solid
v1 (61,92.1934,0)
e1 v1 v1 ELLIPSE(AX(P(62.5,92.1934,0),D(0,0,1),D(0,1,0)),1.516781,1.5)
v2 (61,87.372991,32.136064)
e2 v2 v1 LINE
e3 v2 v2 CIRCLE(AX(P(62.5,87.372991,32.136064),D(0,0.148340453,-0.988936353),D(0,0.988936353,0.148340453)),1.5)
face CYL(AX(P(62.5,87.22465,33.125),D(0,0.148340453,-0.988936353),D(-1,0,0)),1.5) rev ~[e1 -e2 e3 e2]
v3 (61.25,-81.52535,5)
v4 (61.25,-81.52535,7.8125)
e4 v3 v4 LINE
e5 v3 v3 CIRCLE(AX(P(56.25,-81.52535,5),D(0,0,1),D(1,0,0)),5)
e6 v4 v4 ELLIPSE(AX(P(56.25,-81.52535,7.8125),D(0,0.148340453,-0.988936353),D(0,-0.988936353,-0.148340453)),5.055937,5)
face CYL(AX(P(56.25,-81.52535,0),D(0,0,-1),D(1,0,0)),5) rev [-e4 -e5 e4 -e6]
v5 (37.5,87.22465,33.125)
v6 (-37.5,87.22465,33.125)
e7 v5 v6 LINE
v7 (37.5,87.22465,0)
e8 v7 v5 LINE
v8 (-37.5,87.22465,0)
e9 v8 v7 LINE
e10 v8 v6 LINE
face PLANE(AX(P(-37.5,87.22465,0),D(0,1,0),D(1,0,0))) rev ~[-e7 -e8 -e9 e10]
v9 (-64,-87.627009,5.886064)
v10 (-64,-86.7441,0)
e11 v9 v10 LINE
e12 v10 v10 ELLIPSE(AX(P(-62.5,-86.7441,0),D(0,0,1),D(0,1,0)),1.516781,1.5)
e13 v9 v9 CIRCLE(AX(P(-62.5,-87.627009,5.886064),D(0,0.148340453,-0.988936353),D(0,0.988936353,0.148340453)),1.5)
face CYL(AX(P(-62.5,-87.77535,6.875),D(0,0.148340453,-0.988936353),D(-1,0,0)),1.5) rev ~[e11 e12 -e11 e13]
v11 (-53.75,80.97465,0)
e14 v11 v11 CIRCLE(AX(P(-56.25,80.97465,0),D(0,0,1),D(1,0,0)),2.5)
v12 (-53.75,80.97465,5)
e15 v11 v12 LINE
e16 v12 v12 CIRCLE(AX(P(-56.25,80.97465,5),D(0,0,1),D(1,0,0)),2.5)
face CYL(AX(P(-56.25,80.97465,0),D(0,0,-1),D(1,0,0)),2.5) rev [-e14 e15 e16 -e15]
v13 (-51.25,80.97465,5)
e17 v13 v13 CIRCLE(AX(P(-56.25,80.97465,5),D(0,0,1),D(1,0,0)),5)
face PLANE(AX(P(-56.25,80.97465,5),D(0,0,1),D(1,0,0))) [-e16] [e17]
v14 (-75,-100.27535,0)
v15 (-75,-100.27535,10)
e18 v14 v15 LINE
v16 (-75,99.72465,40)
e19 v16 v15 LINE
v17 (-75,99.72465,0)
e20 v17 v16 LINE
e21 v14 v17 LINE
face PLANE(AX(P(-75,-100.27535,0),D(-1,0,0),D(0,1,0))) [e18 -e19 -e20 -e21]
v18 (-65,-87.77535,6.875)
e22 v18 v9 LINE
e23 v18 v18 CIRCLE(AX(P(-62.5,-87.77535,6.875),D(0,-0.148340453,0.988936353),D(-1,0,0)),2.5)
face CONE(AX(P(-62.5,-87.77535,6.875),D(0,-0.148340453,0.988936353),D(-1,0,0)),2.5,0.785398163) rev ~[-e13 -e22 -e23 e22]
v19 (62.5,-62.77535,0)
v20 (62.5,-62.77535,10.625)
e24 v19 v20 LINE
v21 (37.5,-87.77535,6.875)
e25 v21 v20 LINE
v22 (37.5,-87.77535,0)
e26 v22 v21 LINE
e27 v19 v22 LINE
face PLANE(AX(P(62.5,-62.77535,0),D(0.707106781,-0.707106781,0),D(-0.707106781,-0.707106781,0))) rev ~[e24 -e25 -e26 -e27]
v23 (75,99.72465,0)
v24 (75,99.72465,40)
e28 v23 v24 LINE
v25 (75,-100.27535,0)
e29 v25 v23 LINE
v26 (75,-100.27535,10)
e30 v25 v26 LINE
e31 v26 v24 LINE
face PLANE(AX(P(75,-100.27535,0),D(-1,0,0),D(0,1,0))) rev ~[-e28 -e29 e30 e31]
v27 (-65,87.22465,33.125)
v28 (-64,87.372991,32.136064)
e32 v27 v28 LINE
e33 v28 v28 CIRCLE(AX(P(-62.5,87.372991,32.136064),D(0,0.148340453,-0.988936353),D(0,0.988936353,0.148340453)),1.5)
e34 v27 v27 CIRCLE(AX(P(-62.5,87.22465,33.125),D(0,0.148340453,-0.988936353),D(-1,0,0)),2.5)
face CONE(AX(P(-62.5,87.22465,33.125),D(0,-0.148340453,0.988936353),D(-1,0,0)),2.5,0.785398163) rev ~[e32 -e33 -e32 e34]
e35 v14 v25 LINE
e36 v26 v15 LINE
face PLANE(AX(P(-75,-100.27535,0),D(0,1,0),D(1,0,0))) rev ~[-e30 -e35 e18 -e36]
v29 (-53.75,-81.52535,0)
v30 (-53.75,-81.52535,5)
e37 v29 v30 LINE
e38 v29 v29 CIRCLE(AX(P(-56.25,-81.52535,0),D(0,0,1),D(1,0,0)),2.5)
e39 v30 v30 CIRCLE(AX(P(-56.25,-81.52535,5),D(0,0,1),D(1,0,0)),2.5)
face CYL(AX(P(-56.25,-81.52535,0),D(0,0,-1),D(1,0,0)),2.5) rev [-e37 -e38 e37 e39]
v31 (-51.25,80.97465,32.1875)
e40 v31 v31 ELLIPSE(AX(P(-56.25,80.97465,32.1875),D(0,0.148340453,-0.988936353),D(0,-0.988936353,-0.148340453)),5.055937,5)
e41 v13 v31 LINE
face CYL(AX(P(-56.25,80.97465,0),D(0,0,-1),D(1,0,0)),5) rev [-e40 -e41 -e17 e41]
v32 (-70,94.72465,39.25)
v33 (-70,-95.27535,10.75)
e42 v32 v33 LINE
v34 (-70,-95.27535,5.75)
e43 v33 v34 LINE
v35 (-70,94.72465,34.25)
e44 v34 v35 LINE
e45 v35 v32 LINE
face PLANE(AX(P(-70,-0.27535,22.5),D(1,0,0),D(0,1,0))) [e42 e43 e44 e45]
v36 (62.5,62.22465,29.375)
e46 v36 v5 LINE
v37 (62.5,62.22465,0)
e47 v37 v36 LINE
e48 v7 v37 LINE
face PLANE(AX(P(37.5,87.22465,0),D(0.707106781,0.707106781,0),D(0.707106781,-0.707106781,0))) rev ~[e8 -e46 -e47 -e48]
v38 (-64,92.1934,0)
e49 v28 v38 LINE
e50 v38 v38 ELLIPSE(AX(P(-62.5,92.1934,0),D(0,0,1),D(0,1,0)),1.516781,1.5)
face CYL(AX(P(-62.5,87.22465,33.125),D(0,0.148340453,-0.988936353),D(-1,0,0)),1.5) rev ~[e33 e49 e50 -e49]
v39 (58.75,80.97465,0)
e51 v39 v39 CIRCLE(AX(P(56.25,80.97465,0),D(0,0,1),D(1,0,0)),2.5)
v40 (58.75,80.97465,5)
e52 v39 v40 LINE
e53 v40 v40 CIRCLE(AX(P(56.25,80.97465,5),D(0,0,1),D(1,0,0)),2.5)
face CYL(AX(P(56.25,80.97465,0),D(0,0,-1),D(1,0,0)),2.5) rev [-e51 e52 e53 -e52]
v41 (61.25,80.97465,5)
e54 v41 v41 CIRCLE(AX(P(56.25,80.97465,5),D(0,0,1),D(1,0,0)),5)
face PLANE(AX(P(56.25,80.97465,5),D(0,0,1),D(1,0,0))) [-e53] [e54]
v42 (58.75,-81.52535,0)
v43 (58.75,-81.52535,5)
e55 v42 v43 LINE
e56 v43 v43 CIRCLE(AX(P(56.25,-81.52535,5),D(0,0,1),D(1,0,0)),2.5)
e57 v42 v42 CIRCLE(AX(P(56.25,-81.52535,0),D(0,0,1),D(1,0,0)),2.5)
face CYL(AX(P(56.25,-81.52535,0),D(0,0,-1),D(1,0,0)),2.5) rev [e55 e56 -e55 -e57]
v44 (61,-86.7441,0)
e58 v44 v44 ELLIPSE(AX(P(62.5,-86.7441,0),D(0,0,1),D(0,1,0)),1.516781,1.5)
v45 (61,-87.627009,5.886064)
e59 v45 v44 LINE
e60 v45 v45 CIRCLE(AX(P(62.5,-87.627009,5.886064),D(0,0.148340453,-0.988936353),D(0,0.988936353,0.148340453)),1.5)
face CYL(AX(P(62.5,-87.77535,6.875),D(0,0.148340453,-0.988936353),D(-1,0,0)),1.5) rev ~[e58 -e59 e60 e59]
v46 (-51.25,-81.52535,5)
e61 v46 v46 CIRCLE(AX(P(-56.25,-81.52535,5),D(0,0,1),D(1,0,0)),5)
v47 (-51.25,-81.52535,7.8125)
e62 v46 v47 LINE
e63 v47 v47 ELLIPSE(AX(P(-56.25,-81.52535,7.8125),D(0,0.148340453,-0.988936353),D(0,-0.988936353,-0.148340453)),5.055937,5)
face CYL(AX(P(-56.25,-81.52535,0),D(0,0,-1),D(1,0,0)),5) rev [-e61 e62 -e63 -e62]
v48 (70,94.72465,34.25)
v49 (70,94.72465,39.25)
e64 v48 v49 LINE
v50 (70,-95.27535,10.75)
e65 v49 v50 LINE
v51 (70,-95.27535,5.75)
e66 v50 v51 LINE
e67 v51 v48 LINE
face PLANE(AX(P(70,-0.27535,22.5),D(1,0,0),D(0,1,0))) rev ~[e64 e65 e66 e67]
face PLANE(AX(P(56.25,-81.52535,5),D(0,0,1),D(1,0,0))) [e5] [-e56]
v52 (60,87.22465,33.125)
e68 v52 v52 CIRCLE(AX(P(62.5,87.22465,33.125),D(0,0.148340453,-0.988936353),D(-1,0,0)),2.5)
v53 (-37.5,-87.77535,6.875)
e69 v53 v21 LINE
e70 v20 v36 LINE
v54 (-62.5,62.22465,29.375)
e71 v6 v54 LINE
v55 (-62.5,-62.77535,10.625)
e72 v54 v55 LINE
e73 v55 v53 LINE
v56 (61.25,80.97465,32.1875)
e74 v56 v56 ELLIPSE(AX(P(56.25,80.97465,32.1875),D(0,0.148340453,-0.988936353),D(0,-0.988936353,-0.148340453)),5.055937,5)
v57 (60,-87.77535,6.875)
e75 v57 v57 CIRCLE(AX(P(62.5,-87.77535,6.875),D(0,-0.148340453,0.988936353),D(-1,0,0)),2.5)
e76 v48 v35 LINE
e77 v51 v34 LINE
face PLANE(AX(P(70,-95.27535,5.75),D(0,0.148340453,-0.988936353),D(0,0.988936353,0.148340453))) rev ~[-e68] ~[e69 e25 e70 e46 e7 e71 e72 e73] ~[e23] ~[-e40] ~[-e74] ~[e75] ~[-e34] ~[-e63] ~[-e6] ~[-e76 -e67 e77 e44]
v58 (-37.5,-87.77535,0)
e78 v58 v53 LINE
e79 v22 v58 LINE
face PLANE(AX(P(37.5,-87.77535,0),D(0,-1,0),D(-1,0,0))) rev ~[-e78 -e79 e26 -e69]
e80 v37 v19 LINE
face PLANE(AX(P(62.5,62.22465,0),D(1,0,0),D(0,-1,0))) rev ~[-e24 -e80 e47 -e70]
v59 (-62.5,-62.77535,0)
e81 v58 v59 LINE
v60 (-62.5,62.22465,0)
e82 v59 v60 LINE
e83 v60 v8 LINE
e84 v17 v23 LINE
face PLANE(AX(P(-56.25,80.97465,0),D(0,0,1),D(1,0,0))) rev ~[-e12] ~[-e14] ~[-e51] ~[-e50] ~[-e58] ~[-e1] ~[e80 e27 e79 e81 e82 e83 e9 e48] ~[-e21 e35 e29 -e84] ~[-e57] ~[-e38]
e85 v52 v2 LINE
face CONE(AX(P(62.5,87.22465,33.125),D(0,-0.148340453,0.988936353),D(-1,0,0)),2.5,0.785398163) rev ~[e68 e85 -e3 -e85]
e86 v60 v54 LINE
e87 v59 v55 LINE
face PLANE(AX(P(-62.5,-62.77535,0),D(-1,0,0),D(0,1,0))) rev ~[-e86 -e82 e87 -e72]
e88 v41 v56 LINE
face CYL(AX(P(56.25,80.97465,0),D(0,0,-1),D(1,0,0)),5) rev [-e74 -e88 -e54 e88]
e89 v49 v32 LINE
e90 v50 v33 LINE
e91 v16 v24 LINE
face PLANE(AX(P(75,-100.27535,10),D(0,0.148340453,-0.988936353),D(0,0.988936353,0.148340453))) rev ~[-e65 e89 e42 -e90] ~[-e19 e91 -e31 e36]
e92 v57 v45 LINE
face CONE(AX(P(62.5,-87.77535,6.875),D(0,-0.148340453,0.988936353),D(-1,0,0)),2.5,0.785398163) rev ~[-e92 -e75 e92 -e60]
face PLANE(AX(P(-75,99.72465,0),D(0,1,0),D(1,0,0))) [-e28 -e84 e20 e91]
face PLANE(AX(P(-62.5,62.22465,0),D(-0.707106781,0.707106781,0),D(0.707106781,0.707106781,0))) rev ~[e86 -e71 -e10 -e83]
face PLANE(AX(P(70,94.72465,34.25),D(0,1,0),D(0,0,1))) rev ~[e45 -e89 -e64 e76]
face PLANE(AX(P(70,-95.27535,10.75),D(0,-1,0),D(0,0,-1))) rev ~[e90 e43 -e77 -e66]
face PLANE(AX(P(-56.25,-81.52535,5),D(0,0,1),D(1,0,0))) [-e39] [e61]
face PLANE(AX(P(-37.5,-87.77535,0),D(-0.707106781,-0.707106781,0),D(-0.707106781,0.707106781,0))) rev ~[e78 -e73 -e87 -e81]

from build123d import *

# Parameters (mm, degrees)
F0_W           = 150
F0_H           = 200
F0_W_2         = 137.5
F0_H_2         = 187.5
F0_R           = 5
F1_DEPTH       = 40
F3_DEPTH       = 155
F5_START       = -5
F5_DEPTH       = 140
F0_R_2         = 2.5
F6_DEPTH       = 5
F8_D           = 3
F8_CSINK_D     = 5
F8_CSINK_ANGLE = 90


with BuildPart() as f1:
    # F0 (on Top) → F1 (new body)
    with BuildSketch(Plane.XY):
        with Locations((2.626e-07, -0.2753496519)):
            Rectangle(F0_W, F0_H)
        with Locations((2.626e-07, -0.2753496519)):
            Rectangle(F0_W_2, F0_H_2, mode=Mode.SUBTRACT)
        with Locations((2.626e-07, -0.2753496519)):
            Rectangle(F0_W_2, F0_H_2)
        Polygon((-62.4999997374, 62.2246503481), (-62.4999997374, 87.2246503481), (-37.4999997374, 87.2246503481), (37.5000002626, 87.2246503481), (62.5000002626, 87.2246503481), (62.5000002626, 62.2246503481), (62.5000002626, -62.7753496519), (62.5000002626, -87.7753496519), (37.5000002626, -87.7753496519), (-37.4999997374, -87.7753496519), (-62.4999997374, -87.7753496519), (-62.4999997374, -62.7753496519), align=None, mode=Mode.SUBTRACT)
        Polygon((62.5000002626, 87.2246503481), (37.5000002626, 87.2246503481), (62.5000002626, 62.2246503481), align=None)
        with Locations((56.2500002626, 80.9746503481)):
            Circle(F0_R, mode=Mode.SUBTRACT)
        Polygon((-37.4999997374, 87.2246503481), (-62.4999997374, 87.2246503481), (-62.4999997374, 62.2246503481), align=None)
        with Locations((-56.2499997374, 80.9746503481)):
            Circle(F0_R, mode=Mode.SUBTRACT)
        Polygon((-37.4999997374, -87.7753496519), (-62.4999997374, -62.7753496519), (-62.4999997374, -87.7753496519), align=None)
        with Locations((-56.2499997374, -81.5253496519)):
            Circle(F0_R, mode=Mode.SUBTRACT)
        Polygon((62.5000002626, -87.7753496519), (62.5000002626, -62.7753496519), (37.5000002626, -87.7753496519), align=None)
        with Locations((56.2500002626, -81.5253496519)):
            Circle(F0_R, mode=Mode.SUBTRACT)
    extrude(amount=F1_DEPTH)

    # F2 (on face) → F3 (cut)
    with BuildSketch(Plane.YZ.offset(75.0000002626)):
        Polygon((99.7246503481, 40), (-100.2753496519, 40), (-100.2753496519, 10), align=None)
    extrude(amount=-F3_DEPTH, mode=Mode.SUBTRACT)

    # F4 (on face) → F5 (cut)
    with BuildSketch(Plane.YZ.offset(75.0000002626).offset(F5_START)):
        Polygon((94.7246503481, 39.25), (-95.2753496519, 10.75), (-95.2753496519, 5.75), (94.7246503481, 34.25), align=None)
    extrude(amount=-F5_DEPTH, mode=Mode.SUBTRACT)

    # F0 (on Top) → F6 (join)
    with BuildSketch(Plane.XY):
        with Locations((-56.2499997374, 80.9746503481)):
            Circle(F0_R)
        with Locations((-56.2499997374, 80.9746503481)):
            Circle(F0_R_2, mode=Mode.SUBTRACT)
        with Locations((56.2500002626, 80.9746503481)):
            Circle(F0_R)
        with Locations((56.2500002626, 80.9746503481)):
            Circle(F0_R_2, mode=Mode.SUBTRACT)
        with Locations((56.2500002626, -81.5253496519)):
            Circle(F0_R)
        with Locations((56.2500002626, -81.5253496519)):
            Circle(F0_R_2, mode=Mode.SUBTRACT)
        with Locations((-56.2499997374, -81.5253496519)):
            Circle(F0_R)
        with Locations((-56.2499997374, -81.5253496519)):
            Circle(F0_R_2, mode=Mode.SUBTRACT)
    extrude(amount=F6_DEPTH)

    # F8 (through all)
    with Locations(Plane(origin=(0, -2.9400443689, 19.6002957925), x_dir=(1, 0, 0), z_dir=(0, -0.1483404529, 0.9889363529))):
        with Locations((-62.4999997374, -85.7843935426), (-62.4999997374, 91.1734050987), (62.5000002626, 91.1734050987), (62.5000002626, -85.7843935426)):
            CounterSinkHole(F8_D / 2, F8_CSINK_D / 2, counter_sink_angle=F8_CSINK_ANGLE)


solid = f1.part
